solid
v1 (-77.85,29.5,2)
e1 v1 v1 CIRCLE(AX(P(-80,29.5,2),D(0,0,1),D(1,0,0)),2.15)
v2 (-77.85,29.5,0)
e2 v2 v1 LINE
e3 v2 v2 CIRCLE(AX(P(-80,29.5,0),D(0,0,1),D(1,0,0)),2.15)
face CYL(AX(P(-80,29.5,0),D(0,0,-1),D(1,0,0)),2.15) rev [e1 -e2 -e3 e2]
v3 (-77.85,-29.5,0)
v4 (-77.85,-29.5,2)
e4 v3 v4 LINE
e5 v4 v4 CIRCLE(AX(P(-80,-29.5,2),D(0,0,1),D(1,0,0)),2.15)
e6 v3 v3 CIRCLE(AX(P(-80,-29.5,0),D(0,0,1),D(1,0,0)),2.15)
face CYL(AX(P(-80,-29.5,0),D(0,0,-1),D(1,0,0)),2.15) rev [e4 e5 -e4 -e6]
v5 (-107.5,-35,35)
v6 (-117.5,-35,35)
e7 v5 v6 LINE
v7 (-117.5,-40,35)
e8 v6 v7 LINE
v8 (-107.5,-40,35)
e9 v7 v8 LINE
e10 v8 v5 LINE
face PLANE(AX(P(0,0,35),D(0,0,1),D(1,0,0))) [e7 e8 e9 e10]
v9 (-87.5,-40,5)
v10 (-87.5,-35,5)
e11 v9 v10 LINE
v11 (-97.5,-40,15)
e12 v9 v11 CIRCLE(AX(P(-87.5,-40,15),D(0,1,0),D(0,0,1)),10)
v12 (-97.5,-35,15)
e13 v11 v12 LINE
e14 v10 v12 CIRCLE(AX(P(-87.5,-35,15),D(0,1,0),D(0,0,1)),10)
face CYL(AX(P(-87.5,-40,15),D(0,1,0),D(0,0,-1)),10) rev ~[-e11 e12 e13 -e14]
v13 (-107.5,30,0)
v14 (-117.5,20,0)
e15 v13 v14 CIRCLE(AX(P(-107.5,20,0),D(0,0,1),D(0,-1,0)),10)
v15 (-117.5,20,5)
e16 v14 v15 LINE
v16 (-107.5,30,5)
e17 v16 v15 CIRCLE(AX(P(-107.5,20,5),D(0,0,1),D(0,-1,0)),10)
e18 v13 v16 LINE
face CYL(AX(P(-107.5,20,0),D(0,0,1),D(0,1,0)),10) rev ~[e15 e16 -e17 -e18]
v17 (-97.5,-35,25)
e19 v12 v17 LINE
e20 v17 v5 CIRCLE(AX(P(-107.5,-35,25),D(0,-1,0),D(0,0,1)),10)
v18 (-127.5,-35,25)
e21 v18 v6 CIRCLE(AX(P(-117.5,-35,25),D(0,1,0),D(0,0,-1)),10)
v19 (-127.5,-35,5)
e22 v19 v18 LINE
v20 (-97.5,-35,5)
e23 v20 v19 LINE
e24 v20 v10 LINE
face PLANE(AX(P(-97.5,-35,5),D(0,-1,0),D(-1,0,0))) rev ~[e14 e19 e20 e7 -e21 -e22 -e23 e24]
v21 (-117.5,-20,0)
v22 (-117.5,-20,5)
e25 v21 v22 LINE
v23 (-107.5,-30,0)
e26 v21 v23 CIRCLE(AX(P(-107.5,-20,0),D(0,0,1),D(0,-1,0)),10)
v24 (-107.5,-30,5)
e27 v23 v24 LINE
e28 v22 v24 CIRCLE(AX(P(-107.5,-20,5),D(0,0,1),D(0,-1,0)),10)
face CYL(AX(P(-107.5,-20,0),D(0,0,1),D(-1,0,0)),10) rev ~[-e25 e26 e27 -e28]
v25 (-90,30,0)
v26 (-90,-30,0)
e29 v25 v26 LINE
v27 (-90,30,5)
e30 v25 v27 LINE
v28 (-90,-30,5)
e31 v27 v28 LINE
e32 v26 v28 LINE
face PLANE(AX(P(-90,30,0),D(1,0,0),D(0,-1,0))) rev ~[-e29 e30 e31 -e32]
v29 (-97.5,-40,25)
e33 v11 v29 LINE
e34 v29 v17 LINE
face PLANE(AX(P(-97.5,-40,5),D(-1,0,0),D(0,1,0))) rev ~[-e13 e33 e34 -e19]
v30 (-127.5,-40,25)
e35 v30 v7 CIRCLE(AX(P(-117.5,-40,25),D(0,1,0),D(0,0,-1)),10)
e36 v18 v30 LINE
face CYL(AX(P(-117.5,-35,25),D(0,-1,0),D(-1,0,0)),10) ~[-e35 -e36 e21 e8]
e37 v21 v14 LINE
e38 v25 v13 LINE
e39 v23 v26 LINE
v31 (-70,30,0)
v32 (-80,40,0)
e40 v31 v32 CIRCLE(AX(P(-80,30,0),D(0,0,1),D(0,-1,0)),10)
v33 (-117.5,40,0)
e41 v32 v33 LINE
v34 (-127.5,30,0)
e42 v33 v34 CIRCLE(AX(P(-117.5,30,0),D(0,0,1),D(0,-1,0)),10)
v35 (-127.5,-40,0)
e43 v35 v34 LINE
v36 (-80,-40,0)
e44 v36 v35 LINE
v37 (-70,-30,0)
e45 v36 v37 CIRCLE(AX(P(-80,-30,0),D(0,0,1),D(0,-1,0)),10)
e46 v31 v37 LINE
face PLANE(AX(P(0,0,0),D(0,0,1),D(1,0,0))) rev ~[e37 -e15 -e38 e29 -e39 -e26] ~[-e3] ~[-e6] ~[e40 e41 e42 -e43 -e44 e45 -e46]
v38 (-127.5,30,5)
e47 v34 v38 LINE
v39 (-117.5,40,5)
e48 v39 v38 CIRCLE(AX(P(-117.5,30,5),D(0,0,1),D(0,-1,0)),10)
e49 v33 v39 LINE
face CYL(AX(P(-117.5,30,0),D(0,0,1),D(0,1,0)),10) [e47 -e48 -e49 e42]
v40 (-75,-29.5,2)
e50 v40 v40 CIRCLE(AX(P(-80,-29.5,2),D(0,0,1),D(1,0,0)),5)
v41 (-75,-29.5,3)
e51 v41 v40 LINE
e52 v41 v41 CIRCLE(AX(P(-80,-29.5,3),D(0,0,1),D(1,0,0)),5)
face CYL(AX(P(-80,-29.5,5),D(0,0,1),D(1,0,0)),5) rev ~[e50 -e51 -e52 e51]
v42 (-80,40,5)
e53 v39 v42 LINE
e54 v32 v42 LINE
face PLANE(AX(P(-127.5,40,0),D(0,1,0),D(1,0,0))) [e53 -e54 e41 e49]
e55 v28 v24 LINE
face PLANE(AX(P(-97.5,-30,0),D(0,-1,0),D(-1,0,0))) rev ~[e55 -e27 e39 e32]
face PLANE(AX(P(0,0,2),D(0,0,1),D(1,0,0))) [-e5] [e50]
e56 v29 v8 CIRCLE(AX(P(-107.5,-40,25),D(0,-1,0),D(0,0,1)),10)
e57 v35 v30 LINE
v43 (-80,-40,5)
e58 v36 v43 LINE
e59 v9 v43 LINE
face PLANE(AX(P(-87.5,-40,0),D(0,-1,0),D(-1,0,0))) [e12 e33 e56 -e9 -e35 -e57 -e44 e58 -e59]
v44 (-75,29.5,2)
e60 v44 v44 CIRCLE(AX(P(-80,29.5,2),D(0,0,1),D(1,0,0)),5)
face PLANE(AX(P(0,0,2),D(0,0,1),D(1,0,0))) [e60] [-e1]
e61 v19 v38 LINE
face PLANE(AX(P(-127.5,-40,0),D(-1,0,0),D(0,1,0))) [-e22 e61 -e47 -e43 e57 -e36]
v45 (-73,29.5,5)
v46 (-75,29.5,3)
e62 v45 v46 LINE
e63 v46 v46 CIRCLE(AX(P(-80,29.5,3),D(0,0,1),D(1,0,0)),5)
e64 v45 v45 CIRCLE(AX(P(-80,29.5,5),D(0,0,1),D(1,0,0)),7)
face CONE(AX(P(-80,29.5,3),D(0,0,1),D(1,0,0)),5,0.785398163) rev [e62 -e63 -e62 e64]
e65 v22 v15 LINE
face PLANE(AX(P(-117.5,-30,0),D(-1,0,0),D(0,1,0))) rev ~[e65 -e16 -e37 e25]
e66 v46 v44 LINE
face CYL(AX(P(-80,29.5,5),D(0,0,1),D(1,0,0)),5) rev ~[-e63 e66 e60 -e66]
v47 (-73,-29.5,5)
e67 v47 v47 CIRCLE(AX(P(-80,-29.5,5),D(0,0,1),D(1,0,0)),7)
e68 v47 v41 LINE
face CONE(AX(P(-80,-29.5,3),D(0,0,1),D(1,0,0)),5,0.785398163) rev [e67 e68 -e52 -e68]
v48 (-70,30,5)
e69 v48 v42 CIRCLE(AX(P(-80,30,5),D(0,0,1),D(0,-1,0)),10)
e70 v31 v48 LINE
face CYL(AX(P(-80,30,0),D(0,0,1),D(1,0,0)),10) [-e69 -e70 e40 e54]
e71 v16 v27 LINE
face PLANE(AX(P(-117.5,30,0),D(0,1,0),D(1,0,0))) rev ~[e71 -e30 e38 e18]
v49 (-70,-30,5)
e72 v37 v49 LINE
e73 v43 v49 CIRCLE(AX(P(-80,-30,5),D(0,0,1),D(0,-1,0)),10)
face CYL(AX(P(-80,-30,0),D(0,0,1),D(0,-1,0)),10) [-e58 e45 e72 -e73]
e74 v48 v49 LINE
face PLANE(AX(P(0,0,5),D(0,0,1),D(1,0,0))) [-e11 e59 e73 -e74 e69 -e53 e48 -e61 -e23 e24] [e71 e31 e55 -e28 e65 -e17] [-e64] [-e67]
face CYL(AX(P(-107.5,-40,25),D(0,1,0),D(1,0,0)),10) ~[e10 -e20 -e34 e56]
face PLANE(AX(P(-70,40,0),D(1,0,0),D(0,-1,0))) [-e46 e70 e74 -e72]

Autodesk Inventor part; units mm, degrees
ref_plane "YZ Plane" through (0, 0, 0) normal (1, 0, 0) x (0, 1, 0)
ref_plane "XZ Plane" through (0, 0, 0) normal (0, 1, 0) x (-1, 0, 0)
ref_plane "XY Plane" through (0, 0, 0) normal (0, 0, 1) x (1, 0, 0)
ref_plane "Work Plane1" through (0, 0, 0) normal (0, 0, 1) x (1, 0, 0)
sketch "Sketch1" plane through (0, 0, 0) normal (0, 0, 1) x (1, 0, 0)
  circle A0 centre (-80, 29.5) radius 2.15 projected
  circle A1 centre (-80, -29.5) radius 2.15 projected
  line L0 (-127.5, 40) -> (-70, 40)
  line L1 (-70, 40) -> (-70, -40)
  line L2 (-70, -40) -> (-127.5, -40)
  line L3 (-127.5, -40) -> (-127.5, 40)
  line L4 (87.5, 40) -> (-87.5, 40) projected
  line L5 (-87.5, -40) -> (87.5, -40) projected
  line L6 (-97.5, 30) -> (-97.5, -30) projected
  line L7 (-117.5, 30) -> (-90, 30)
  line L8 (-90, 30) -> (-90, -30)
  line L9 (-90, -30) -> (-117.5, -30)
  line L10 (-117.5, -30) -> (-117.5, 30)
  point P0 (0, 0)
  point P1 (-117.5, 0)
  point P2 (-127.5, 0)
  dimension "d0" = 10
  dimension "d1" = 30
  dimension "d2" = 10
  dimension "d3" = 10
  dimension "d4" = 10
extrude "Extrusion1" add sketch "Sketch1" along normal blind 5
sketch "Sketch2" plane through (0, 0, 5) normal (0, 0, 1) x (1, 0, 0)
  line L0 (-127.5, -40) -> (-70, -40) projected
  line L1 (-127.5, -40) -> (-97.5, -40)
  line L2 (-97.5, -40) -> (-97.5, -35)
  line L3 (-97.5, -35) -> (-127.5, -35)
  line L4 (-127.5, -35) -> (-127.5, -40)
  line L5 (-97.5, 30) -> (-97.5, -30) projected
  point P0 (0, 0)
  dimension "d7" = 5
  dimension "d8" = 30
extrude "Extrusion2" add sketch "Sketch2" along normal blind 30
sketch "Sketch3" plane through (0, 0, 5) normal (0, 0, 1) x (1, 0, 0)
  circle A0 centre (-80, 29.5) radius 2.15 projected
  circle A1 centre (-80, 29.5) radius 5
  circle A2 centre (-80, -29.5) radius 2.15 projected
  circle A3 centre (-80, -29.5) radius 5
  point P0 (0, 0)
  dimension "d11" = 10
  dimension "d12" = 10
extrude "Extrusion3" cut sketch "Sketch3" against normal blind 3
chamfer "Chamfer1" distance 2 angle 45 2 edges at (-85, 29.5, 5) (-85, -29.5, 5)
fillet "Fillet1" radius 10 3 edges at (-127.5, -37.5, 35) (-97.5, -37.5, 35) (-97.5, -37.5, 5)
fillet "Fillet2" radius 10 5 edges at (-127.5, 40, 2.5) (-117.5, 30, 2.5) (-117.5, -30, 2.5) (-70, 40, 2.5) (-70, -40, 2.5)
properties part number "led 7 seg v3_stand"
